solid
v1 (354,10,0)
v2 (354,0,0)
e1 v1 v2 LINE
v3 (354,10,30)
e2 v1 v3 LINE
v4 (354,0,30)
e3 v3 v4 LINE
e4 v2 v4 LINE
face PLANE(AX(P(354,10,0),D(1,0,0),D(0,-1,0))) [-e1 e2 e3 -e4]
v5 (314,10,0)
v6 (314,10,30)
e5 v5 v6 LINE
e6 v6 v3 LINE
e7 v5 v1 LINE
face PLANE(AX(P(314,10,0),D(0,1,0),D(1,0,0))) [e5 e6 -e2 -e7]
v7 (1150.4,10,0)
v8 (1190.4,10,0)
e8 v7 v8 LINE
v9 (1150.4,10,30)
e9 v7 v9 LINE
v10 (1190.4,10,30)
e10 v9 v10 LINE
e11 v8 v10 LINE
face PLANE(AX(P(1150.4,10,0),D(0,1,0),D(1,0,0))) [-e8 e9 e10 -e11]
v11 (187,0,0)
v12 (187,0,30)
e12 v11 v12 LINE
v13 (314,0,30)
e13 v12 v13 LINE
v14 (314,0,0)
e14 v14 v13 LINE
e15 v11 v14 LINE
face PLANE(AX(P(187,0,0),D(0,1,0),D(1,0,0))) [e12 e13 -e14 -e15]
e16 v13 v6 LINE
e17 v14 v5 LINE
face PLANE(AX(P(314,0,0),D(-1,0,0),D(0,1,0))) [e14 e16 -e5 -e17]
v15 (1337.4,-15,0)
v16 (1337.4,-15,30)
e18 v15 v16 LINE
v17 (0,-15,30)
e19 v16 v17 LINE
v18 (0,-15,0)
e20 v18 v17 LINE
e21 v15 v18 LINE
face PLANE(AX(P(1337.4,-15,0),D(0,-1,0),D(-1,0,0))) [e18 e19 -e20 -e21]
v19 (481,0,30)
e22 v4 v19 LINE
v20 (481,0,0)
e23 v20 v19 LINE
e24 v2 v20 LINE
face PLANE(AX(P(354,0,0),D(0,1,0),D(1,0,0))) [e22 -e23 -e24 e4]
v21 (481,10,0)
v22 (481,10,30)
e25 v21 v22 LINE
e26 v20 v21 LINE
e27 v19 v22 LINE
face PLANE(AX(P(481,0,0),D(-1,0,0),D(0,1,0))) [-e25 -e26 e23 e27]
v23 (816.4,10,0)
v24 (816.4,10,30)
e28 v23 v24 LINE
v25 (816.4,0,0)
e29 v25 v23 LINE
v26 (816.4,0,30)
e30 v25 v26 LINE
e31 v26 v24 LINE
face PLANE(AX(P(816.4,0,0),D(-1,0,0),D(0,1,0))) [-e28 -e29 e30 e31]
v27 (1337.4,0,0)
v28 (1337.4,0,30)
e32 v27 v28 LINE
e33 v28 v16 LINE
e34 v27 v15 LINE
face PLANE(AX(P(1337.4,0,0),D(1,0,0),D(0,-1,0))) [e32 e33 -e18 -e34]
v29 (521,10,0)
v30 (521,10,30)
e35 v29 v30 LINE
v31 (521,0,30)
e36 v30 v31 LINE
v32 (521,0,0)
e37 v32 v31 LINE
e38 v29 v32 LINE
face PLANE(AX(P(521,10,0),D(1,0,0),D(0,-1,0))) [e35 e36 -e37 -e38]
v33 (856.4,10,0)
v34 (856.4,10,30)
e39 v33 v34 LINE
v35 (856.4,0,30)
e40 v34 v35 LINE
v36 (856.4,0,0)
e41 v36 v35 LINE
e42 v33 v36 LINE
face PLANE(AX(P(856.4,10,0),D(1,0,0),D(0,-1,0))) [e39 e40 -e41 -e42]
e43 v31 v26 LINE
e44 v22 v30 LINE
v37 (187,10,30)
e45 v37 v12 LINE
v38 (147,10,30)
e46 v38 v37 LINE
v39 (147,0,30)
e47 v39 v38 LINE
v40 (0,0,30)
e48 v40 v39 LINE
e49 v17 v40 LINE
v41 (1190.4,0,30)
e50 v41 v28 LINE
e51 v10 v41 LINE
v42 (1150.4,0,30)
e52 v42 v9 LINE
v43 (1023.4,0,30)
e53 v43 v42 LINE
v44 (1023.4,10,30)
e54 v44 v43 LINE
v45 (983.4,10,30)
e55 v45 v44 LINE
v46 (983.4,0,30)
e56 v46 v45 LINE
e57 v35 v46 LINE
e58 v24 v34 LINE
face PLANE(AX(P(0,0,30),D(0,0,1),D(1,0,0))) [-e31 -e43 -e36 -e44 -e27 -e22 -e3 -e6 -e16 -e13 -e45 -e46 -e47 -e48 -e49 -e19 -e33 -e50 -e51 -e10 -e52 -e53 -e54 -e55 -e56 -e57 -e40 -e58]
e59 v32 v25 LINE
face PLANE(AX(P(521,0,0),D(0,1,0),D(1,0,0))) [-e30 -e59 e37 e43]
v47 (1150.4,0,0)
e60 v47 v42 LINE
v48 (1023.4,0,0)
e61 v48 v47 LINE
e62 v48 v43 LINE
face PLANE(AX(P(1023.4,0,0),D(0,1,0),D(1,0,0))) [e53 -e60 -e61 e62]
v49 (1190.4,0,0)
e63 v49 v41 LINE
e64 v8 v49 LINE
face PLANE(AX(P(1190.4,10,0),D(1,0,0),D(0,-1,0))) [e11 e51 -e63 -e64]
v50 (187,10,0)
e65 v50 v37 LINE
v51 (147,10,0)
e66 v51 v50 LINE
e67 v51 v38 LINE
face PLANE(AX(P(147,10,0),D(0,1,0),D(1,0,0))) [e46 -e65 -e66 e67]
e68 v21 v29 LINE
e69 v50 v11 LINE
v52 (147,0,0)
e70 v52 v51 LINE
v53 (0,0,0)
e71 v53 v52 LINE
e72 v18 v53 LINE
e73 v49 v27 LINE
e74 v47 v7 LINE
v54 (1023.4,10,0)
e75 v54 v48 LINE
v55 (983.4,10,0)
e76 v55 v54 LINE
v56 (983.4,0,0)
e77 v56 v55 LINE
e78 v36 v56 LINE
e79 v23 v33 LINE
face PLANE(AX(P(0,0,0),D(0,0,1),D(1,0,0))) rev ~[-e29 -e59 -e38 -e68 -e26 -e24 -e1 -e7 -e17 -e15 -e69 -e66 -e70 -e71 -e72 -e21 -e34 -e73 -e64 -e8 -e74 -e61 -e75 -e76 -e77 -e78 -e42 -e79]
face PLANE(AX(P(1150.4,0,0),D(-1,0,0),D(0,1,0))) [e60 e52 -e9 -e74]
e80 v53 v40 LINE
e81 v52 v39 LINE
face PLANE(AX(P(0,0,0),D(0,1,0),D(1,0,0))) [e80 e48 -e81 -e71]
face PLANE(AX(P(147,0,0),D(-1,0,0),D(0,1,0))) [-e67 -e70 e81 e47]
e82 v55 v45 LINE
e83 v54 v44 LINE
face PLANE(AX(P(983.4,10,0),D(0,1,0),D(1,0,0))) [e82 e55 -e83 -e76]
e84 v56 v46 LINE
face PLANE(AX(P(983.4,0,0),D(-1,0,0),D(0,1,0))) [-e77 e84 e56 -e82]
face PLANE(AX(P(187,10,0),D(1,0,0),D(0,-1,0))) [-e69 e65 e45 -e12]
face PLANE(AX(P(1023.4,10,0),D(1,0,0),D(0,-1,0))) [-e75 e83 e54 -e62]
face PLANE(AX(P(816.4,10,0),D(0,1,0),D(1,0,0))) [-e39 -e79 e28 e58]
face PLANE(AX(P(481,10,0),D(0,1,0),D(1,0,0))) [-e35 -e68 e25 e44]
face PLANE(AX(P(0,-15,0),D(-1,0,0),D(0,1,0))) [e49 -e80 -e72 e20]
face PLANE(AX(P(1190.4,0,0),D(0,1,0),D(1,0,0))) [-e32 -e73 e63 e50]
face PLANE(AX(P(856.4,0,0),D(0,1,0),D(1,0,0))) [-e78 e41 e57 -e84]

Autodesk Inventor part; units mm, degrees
ref_plane "YZ Plane" through (0, 0, 0) normal (1, 0, 0) x (0, 1, 0)
ref_plane "XZ Plane" through (0, 0, 0) normal (0, 1, 0) x (-1, 0, 0)
ref_plane "XY Plane" through (0, 0, 0) normal (0, 0, 1) x (1, 0, 0)
sketch "Sketch1" plane through (0, 0, 0) normal (0, 0, 1) x (1, 0, 0)
  line L0 (0, 0) -> (1337.4, 0)
  line L1 (1337.4, 0) -> (1337.4, -15)
  line L2 (1337.4, -15) -> (0, -15)
  line L3 (0, -15) -> (0, 0)
  line L4 (167, 59.3402) -> (167, 6.9879) construction
  line L5 (334, 59.3402) -> (334, 6.9879) construction
  line L6 (501, 59.3402) -> (501, 6.9879) construction
  line L7 (1170.4, 15.5437) -> (1170.4, 3.6061) construction
  line L8 (1003.4, 15.5437) -> (1003.4, 3.6061) construction
  line L9 (836.4, 15.5437) -> (836.4, 3.6061) construction
  line L10 (147, 10) -> (187, 10)
  line L11 (187, 10) -> (187, 0)
  line L12 (187, 0) -> (147, 0)
  line L13 (147, 0) -> (147, 10)
  line L14 (314, 10) -> (354, 10)
  line L15 (354, 10) -> (354, 0)
  line L16 (354, 0) -> (314, 0)
  line L17 (314, 0) -> (314, 10)
  line L18 (481, 10) -> (521, 10)
  line L19 (521, 10) -> (521, 0)
  line L20 (521, 0) -> (481, 0)
  line L21 (481, 0) -> (481, 10)
  line L22 (1150.4, 10) -> (1190.4, 10)
  line L23 (1190.4, 10) -> (1190.4, 0)
  line L24 (1190.4, 0) -> (1150.4, 0)
  line L25 (1150.4, 0) -> (1150.4, 10)
  line L26 (983.4, 10) -> (1023.4, 10)
  line L27 (1023.4, 10) -> (1023.4, 0)
  line L28 (1023.4, 0) -> (983.4, 0)
  line L29 (983.4, 0) -> (983.4, 10)
  line L30 (816.4, 10) -> (856.4, 10)
  line L31 (856.4, 10) -> (856.4, 0)
  line L32 (856.4, 0) -> (816.4, 0)
  line L33 (816.4, 0) -> (816.4, 10)
  point P0 (1003.4, 15.5437)
  point P1 (836.4, 15.5437)
  dimension "d0" = 1337.4
  dimension "d1" = 15
  dimension "d2" = 167
  dimension "d5" = 167
  dimension "d10" = 167
  dimension "d13" = 167
  dimension "d18" = 10
  dimension "d19" = 40
  dimension "d20" = 20
  dimension "d23" = 167
  dimension "d28" = 10
  dimension "d29" = 40
  dimension "d30" = 20
  dimension "d33" = 167
extrude "Extrusion1" add sketch "Sketch1" along normal blind 30
properties part number "YRail"
